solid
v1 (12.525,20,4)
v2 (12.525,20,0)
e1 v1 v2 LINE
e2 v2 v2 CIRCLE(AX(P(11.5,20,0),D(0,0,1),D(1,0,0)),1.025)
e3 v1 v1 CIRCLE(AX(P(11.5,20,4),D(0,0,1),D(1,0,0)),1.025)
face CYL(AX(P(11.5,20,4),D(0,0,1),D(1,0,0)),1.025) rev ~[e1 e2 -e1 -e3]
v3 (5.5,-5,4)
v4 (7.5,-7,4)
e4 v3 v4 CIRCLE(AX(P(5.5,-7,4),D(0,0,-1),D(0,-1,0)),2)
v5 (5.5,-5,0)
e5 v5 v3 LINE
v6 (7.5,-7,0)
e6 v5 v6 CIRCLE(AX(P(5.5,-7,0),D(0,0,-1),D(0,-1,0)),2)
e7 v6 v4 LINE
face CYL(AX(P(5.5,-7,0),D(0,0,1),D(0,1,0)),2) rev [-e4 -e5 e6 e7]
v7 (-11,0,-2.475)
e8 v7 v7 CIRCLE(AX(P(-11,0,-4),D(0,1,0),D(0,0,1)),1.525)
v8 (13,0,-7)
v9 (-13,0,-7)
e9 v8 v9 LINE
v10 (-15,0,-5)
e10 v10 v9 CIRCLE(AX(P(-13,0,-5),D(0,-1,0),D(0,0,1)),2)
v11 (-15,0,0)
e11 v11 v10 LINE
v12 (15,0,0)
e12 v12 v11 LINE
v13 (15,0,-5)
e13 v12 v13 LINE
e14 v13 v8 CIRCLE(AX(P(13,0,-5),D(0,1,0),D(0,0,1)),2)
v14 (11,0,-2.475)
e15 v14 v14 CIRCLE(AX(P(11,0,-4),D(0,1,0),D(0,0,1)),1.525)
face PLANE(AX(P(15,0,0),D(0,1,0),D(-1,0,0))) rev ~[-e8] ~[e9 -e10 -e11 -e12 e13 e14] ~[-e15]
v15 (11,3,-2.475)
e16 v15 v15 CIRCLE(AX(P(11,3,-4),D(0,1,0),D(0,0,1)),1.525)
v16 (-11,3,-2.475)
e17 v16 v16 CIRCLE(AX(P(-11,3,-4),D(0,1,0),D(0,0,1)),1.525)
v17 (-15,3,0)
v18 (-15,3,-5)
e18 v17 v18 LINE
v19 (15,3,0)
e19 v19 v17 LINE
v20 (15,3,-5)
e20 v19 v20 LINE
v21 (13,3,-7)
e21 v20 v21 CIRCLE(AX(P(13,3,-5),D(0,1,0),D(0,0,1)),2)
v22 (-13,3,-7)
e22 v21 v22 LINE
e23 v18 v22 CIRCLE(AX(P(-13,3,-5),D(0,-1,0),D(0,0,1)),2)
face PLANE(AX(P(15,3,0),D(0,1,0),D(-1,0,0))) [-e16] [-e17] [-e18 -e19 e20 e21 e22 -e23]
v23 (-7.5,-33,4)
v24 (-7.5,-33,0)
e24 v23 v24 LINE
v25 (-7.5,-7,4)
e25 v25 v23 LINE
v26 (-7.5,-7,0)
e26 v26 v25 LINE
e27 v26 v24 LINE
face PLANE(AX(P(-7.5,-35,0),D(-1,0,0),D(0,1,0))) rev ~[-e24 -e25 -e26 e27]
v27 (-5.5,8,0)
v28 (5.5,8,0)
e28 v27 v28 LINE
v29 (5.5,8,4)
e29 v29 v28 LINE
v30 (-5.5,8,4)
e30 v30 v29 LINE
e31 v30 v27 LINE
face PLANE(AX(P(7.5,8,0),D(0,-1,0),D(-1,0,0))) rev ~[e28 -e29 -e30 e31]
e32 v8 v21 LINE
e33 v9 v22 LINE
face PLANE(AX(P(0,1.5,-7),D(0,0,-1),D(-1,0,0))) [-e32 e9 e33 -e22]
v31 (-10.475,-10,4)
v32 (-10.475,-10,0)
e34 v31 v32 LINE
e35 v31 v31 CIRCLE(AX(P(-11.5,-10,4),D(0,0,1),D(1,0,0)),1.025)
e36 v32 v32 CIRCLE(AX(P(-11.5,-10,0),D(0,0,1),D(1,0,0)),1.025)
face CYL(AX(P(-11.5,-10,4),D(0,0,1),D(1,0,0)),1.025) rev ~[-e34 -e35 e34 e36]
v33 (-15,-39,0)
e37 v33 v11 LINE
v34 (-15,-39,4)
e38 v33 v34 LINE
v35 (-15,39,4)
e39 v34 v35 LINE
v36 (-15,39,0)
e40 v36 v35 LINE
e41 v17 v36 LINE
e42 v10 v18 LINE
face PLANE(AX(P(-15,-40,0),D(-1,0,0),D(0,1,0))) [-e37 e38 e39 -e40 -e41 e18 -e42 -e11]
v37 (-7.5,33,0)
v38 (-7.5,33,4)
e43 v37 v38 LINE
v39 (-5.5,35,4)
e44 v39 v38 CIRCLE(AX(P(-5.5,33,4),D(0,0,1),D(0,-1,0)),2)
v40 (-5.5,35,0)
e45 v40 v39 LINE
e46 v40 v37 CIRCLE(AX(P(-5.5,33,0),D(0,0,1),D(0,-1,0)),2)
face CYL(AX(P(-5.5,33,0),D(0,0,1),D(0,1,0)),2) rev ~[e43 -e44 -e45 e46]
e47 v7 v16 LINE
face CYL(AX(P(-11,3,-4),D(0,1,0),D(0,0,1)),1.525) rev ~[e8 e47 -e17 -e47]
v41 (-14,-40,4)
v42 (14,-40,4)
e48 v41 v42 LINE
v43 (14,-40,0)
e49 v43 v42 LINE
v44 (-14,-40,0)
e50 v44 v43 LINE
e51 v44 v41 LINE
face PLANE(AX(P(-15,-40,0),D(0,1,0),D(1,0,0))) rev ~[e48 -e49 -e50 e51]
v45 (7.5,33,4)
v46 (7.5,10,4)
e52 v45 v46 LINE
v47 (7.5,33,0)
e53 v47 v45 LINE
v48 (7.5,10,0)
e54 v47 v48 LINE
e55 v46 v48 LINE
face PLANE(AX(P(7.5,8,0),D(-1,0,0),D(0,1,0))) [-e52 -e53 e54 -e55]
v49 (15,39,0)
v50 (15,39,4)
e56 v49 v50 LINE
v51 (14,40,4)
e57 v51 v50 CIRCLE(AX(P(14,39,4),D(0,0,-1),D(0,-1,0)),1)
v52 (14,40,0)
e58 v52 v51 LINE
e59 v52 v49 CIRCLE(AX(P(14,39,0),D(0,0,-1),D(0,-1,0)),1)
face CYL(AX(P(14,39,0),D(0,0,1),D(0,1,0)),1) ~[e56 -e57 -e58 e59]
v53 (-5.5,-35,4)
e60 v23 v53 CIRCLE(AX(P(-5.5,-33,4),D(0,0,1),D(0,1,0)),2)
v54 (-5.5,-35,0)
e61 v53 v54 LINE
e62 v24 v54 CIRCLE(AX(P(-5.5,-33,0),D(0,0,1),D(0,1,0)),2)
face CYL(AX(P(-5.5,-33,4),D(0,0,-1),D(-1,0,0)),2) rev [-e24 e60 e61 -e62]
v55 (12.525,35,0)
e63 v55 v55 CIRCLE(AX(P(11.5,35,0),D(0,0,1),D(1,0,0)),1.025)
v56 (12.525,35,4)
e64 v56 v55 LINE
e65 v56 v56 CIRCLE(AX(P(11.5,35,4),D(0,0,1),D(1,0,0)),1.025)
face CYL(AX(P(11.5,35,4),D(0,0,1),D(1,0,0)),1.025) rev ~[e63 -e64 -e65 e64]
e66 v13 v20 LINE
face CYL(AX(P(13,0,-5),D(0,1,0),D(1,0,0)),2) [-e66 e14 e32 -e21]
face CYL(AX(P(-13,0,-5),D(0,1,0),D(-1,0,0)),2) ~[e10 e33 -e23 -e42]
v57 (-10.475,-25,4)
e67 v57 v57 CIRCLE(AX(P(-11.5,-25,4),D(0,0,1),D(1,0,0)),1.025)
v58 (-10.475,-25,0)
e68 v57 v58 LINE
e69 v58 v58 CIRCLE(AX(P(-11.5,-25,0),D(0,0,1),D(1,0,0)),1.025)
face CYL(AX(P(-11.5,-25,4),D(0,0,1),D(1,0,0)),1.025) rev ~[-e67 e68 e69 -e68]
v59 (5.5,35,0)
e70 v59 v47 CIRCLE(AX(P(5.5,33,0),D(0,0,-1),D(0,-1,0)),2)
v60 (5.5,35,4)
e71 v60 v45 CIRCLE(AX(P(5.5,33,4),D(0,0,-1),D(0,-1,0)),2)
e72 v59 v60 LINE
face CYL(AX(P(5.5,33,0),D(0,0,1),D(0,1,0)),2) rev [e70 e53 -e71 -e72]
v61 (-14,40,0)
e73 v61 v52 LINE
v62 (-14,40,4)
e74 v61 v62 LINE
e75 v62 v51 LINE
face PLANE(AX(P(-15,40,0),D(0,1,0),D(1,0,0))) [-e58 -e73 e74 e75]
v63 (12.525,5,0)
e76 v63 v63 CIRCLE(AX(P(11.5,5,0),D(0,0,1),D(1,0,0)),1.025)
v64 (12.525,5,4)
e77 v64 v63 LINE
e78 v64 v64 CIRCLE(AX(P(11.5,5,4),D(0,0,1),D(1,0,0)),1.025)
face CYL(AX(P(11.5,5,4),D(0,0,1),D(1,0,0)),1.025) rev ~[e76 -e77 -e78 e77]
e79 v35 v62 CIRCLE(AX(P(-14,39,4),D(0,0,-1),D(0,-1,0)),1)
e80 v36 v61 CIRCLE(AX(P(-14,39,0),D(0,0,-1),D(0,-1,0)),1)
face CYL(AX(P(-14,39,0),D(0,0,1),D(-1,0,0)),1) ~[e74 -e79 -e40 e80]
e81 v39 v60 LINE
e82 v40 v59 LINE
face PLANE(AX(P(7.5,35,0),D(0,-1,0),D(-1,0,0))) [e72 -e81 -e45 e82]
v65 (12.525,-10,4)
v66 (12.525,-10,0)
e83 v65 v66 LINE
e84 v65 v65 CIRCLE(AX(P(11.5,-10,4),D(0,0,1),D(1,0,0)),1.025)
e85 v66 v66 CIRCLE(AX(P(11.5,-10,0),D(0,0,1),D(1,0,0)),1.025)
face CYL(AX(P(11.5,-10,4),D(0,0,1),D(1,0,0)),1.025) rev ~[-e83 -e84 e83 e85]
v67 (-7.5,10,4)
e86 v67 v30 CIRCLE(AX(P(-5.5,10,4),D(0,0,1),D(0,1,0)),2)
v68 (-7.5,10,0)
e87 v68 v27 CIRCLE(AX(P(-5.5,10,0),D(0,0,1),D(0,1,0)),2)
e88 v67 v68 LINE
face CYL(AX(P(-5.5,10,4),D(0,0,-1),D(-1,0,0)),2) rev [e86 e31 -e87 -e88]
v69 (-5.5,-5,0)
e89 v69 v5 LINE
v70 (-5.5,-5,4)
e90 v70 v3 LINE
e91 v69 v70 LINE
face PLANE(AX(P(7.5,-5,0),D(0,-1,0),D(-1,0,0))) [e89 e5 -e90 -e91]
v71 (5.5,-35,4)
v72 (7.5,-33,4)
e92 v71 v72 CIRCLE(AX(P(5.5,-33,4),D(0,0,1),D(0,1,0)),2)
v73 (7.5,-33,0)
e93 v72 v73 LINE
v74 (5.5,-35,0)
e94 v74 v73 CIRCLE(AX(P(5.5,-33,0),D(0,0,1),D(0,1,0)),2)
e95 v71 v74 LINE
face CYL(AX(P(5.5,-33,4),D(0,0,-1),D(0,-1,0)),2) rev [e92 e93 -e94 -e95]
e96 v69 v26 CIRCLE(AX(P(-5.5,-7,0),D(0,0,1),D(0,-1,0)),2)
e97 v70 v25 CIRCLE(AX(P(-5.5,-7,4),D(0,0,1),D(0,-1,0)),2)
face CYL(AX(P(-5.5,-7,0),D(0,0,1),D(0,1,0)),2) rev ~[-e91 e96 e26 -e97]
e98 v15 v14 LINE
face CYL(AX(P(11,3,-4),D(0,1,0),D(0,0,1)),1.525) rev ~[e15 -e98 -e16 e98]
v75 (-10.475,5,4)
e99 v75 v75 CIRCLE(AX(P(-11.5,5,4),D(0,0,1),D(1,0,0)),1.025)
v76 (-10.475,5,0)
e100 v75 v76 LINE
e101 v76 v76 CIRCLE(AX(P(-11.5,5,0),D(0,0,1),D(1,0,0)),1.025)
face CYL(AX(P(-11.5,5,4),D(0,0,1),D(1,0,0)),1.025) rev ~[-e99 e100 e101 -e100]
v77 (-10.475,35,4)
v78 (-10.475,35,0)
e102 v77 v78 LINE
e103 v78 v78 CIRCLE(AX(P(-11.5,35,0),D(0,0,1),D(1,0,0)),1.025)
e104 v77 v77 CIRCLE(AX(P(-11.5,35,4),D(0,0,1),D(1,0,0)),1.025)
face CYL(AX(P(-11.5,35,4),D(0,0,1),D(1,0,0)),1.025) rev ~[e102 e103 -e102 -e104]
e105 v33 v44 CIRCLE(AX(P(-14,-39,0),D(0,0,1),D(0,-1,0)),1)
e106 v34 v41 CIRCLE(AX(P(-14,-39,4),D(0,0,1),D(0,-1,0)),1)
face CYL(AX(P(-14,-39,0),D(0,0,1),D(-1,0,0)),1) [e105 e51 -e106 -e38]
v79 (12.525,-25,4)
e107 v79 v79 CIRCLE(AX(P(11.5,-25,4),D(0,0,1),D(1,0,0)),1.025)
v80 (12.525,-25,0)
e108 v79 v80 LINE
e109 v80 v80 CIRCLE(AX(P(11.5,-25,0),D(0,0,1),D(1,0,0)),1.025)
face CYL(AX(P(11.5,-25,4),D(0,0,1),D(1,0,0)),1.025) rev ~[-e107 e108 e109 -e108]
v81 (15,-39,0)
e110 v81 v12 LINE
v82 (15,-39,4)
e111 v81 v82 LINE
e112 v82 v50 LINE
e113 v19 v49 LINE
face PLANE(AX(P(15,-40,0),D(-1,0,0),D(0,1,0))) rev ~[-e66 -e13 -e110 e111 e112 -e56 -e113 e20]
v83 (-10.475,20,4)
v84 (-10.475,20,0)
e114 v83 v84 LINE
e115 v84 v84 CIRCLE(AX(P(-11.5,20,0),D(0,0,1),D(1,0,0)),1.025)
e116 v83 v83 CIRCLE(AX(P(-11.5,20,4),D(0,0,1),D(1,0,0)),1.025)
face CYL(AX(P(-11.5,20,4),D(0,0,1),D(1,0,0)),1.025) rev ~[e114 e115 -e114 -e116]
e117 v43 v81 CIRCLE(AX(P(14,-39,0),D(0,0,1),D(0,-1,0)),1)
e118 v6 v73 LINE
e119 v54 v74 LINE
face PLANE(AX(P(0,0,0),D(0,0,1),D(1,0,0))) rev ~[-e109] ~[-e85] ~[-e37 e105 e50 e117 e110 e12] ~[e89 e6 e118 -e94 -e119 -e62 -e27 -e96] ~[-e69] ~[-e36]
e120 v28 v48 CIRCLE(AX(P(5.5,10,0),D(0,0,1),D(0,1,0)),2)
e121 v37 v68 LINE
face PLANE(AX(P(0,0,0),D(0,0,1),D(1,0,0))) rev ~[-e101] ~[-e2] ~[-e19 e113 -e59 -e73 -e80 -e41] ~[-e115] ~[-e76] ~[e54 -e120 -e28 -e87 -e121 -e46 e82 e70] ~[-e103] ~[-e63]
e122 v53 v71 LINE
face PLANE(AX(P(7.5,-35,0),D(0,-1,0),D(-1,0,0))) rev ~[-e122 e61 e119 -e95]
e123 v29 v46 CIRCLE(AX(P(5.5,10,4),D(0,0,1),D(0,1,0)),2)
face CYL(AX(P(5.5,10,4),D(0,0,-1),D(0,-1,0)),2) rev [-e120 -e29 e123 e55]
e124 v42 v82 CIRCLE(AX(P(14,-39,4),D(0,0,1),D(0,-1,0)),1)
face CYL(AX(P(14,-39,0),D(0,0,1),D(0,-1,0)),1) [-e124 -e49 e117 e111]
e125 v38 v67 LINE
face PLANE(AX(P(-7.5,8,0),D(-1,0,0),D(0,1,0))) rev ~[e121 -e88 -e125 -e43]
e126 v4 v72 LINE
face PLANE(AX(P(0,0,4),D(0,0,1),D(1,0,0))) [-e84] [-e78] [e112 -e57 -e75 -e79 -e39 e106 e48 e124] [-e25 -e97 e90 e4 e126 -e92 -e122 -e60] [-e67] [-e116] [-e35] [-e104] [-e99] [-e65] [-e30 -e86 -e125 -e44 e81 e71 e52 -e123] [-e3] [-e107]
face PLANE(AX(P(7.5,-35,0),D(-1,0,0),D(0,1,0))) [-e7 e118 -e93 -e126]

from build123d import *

# Parameters (mm, degrees)
SKETCH_1_W             = 30
SKETCH_1_H             = 80
EXTRUDE_1_DEPTH        = 4
SKETCH_2_R             = 1.025
CUT_EXTRUDE_1_DEPTH    = 10
PATTERN_LINEAR_1_COUNT = 5
PATTERN_LINEAR_1_PITCH = 15
SKETCH_5_W             = 30
SKETCH_5_H             = 3
EXTRUDE_3_DEPTH        = 7
FILLET_1_R             = 1
SKETCH_6_W             = 15
SKETCH_6_H             = 27
CUT_EXTRUDE_2_DEPTH    = 33
FILLET_2_R             = 2
SKETCH_7_W             = 15
SKETCH_7_H             = 30
CUT_EXTRUDE_3_DEPTH    = 33
FILLET_3_R             = 2
SKETCH_10_R            = 1.525
CUT_EXTRUDE_6_DEPTH    = 33
FILLET_5_R             = 2


with BuildPart() as part:
    # 草图1 → 凸台-拉伸1 (new body)
    with BuildSketch(Plane.XY):
        Rectangle(SKETCH_1_W, SKETCH_1_H)
    extrude(amount=EXTRUDE_1_DEPTH)

    # 草图2 → 切除-拉伸1 (cut)
    with BuildSketch(Plane.XY.offset(4)):
        with Locations((11.5, 35)):
            Circle(SKETCH_2_R)
        with Locations((-11.5, 35)):
            Circle(SKETCH_2_R)
    cut_extrude_1 = extrude(amount=-CUT_EXTRUDE_1_DEPTH, mode=Mode.SUBTRACT)

    # 阵列(线性)1: 切除-拉伸1 ×5
    with Locations(*[(0, -i * PATTERN_LINEAR_1_PITCH, 0) for i in range(1, PATTERN_LINEAR_1_COUNT)]):
        add(cut_extrude_1, mode=Mode.SUBTRACT)

    # 草图5 → 凸台-拉伸3 (add)
    with BuildSketch(Plane(origin=(0, 0, 0), x_dir=(-1, 0, 0), z_dir=(0, 0, -1))):
        with Locations((0, 1.5)):
            Rectangle(SKETCH_5_W, SKETCH_5_H)
    extrude(amount=EXTRUDE_3_DEPTH)

    # 圆角1
    fillet_1_edges = [part.edges().sort_by_distance(p)[0] for p in [
        (15, -40, 2),
        (-15, -40, 2),
        (-15, 40, 2),
        (15, 40, 2),
    ]]
    fillet(fillet_1_edges, radius=FILLET_1_R)

    # 草图6 → 切除-拉伸2 (cut, symmetric)
    with BuildSketch(Plane(origin=(0, 0, 0), x_dir=(-1, 0, 0), z_dir=(0, 0, -1))):
        with Locations((0, 21.5)):
            Rectangle(SKETCH_6_W, SKETCH_6_H)
    extrude(amount=CUT_EXTRUDE_2_DEPTH, both=True, mode=Mode.SUBTRACT)

    # 圆角2
    fillet_2_edges = [part.edges().sort_by_distance(p)[0] for p in [
        (-7.5, 35, 2),
        (-7.5, 8, 2),
        (7.5, 8, 2),
        (7.5, 35, 2),
    ]]
    fillet(fillet_2_edges, radius=FILLET_2_R)

    # 草图7 → 切除-拉伸3 (cut, symmetric)
    with BuildSketch(Plane(origin=(0, 0, 0), x_dir=(-1, 0, 0), z_dir=(0, 0, -1))):
        with Locations((0, -20)):
            Rectangle(SKETCH_7_W, SKETCH_7_H)
    extrude(amount=CUT_EXTRUDE_3_DEPTH, both=True, mode=Mode.SUBTRACT)

    # 圆角3
    fillet_3_edges = [part.edges().sort_by_distance(p)[0] for p in [
        (-7.5, -5, 2),
        (-7.5, -35, 2),
        (7.5, -35, 2),
        (7.5, -5, 2),
    ]]
    fillet(fillet_3_edges, radius=FILLET_3_R)

    # 草图10 → 切除-拉伸6 (cut, symmetric)
    with BuildSketch(Plane(origin=(0, 3, 0), x_dir=(1, 0, 0), z_dir=(0, 1, 0))):
        with Locations(Location((11, 4, 0), (0, 0, 270))):
            Circle(SKETCH_10_R)
        with Locations(Location((-11, 4, 0), (0, 0, 270))):
            Circle(SKETCH_10_R)
    extrude(amount=CUT_EXTRUDE_6_DEPTH, both=True, mode=Mode.SUBTRACT)

    # 圆角5
    fillet_5_edges = [part.edges().sort_by_distance(p)[0] for p in [
        (15, 1.5, -7),
        (-15, 1.5, -7),
    ]]
    fillet(fillet_5_edges, radius=FILLET_5_R)


solid = part.part
